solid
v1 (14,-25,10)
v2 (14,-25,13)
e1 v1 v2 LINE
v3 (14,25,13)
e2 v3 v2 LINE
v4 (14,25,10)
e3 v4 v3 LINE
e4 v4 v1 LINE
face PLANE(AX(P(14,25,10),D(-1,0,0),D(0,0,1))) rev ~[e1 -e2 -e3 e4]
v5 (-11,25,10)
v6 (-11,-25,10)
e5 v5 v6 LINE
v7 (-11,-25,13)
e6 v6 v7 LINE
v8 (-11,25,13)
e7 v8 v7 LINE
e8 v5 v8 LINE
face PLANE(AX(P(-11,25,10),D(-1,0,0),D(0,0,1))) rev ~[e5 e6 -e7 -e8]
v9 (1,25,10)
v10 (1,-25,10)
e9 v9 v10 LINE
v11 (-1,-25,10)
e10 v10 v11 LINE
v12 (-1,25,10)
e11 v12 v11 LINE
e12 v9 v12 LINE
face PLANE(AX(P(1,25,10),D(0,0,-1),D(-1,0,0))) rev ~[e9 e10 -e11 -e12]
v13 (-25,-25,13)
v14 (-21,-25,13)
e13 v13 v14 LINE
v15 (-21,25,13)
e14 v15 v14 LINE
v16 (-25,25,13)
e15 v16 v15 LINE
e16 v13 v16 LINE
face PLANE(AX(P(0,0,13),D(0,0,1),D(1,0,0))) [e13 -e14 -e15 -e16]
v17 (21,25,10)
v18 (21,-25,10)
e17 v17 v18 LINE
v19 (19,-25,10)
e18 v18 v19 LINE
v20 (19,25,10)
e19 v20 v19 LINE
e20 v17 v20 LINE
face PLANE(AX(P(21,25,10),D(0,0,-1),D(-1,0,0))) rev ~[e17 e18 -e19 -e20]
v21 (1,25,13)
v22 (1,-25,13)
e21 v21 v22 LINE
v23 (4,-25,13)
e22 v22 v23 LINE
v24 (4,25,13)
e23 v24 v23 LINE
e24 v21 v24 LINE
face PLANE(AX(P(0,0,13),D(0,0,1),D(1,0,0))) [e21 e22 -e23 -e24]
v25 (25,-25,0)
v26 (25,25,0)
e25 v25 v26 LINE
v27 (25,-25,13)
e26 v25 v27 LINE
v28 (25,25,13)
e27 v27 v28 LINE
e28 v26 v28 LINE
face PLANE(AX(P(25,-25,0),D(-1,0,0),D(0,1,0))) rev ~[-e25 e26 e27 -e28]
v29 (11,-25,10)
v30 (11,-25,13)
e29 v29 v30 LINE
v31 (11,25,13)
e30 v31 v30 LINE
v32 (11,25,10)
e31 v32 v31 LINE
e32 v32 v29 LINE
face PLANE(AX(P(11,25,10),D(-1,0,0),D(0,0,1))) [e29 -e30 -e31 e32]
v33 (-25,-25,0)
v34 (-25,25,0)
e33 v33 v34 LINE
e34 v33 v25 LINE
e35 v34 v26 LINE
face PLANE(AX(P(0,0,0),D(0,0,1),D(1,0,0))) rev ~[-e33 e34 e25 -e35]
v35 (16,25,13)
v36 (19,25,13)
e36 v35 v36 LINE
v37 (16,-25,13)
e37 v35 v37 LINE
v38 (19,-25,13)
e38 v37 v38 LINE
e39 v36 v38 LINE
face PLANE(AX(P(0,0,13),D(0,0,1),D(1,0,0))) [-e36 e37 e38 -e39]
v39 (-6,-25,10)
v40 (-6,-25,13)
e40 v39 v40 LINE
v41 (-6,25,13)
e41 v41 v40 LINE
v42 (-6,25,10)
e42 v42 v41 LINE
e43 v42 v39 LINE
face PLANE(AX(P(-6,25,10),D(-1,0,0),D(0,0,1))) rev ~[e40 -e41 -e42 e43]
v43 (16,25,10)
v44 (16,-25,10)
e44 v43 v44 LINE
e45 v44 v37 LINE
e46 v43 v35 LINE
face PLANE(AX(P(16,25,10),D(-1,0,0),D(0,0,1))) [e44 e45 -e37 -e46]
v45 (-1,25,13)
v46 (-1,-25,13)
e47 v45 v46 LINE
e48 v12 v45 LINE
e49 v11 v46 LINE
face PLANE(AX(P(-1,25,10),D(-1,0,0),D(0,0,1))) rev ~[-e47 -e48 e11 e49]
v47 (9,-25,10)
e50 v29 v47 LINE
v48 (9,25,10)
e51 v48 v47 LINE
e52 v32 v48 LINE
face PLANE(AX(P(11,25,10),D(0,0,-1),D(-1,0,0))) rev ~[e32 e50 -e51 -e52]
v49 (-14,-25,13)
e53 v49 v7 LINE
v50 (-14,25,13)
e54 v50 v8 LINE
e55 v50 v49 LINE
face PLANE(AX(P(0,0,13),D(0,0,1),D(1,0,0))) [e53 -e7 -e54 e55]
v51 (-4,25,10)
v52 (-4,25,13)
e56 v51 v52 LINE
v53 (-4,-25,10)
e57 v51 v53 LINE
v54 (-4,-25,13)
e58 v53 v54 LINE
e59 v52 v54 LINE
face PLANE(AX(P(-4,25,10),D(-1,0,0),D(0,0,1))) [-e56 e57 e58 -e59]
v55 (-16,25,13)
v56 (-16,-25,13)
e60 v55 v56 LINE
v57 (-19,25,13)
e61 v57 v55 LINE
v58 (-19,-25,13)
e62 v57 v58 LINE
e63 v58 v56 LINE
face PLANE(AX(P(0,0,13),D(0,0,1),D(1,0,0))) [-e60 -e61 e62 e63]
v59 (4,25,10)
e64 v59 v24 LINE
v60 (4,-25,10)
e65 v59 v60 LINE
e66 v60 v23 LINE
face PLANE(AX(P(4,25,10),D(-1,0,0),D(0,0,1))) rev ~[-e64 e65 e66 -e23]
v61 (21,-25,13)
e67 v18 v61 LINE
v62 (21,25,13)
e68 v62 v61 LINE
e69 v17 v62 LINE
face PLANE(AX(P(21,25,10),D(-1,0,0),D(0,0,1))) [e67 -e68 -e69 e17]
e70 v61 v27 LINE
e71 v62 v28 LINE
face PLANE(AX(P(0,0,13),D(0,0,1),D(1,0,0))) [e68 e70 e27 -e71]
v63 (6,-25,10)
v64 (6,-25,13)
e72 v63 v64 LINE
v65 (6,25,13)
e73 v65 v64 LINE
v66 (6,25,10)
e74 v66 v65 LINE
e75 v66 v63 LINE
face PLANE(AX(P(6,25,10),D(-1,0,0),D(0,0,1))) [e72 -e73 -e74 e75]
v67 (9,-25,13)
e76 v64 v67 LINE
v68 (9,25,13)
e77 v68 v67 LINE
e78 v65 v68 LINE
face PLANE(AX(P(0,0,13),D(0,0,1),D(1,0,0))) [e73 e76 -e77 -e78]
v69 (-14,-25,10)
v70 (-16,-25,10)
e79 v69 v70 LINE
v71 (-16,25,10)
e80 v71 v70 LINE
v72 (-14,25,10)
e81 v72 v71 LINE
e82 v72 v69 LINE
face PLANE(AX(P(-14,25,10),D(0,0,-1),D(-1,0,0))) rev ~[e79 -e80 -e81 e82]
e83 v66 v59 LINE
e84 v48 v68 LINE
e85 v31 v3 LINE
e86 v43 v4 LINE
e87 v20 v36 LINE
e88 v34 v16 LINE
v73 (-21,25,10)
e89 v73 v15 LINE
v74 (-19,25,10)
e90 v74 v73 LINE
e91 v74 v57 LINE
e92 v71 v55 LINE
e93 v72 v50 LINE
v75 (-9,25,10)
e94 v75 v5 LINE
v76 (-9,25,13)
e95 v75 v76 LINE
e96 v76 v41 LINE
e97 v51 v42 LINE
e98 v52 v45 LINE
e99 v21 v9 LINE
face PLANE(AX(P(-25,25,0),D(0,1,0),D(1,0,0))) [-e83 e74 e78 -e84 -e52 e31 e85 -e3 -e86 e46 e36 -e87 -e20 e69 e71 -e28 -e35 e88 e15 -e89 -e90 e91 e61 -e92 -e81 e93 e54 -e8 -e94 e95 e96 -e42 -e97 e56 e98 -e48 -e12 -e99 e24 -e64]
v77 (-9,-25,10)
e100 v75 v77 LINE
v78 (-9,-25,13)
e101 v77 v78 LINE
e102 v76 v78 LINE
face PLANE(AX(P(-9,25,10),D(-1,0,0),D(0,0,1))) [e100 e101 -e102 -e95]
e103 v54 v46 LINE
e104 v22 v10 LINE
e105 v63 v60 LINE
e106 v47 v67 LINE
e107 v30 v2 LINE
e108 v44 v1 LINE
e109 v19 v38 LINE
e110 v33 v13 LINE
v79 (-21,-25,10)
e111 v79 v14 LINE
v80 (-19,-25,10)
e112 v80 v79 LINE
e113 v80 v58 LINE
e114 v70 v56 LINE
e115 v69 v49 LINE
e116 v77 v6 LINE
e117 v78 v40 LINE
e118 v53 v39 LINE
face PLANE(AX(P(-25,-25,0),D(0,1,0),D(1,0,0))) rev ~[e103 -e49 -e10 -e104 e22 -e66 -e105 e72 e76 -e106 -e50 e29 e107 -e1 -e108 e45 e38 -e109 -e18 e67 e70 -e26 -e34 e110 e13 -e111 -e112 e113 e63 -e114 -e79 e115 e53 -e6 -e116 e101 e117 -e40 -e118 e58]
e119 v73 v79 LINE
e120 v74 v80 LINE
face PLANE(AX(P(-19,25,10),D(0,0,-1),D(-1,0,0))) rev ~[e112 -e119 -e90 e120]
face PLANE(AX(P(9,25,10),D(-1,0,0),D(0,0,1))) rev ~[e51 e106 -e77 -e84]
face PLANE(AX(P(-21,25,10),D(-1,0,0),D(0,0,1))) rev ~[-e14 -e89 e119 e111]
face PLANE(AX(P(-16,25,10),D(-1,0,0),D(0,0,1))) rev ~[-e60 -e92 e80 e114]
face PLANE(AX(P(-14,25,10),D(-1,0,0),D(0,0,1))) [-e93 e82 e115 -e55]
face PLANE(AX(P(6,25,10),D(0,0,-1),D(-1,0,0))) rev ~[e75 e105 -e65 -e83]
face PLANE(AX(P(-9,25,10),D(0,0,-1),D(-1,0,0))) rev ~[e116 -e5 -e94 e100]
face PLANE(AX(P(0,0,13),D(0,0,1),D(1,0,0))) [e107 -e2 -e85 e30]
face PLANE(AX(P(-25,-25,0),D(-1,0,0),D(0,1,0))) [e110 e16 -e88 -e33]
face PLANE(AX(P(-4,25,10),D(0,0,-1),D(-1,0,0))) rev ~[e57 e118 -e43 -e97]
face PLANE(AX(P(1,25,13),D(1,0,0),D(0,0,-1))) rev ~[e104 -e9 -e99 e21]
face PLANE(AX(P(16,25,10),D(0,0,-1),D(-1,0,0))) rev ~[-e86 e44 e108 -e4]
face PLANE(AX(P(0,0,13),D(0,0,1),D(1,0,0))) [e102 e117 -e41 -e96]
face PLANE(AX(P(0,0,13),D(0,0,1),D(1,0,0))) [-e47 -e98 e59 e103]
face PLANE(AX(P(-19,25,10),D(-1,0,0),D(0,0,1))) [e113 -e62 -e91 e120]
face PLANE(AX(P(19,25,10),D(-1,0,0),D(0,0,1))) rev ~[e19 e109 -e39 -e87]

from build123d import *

# Parameters (mm, degrees)
F0_W     = 50
F0_H     = 50
F1_DEPTH = 13
F2_W     = 2
F2_H     = 3
F3_DEPTH = 50.001


with BuildPart() as f1:
    # F0 (on Top) → F1 (new body)
    with BuildSketch(Plane.XY):
        Rectangle(F0_W, F0_H)
    extrude(amount=F1_DEPTH)

    # F2 (on face) → F3 (cut, through all)
    with BuildSketch(Plane(origin=(0, 25, 0), x_dir=(-1, 0, 0), z_dir=(0, 1, 0))):
        with Locations((-20, 11.5)):
            Rectangle(F2_W, F2_H)
        with Locations((-15, 11.5)):
            Rectangle(F2_W, F2_H)
        with Locations((-10, 11.5)):
            Rectangle(F2_W, F2_H)
        with Locations((-5, 11.5)):
            Rectangle(F2_W, F2_H)
        Polygon((1, 13), (-1, 13), (-1, 10), (0, 10), (1, 10), align=None)
        with Locations((5, 11.5)):
            Rectangle(F2_W, F2_H)
        with Locations((10, 11.5)):
            Rectangle(F2_W, F2_H)
        with Locations((15, 11.5)):
            Rectangle(F2_W, F2_H)
        with Locations((20, 11.5)):
            Rectangle(F2_W, F2_H)
    extrude(amount=-F3_DEPTH, mode=Mode.SUBTRACT)


solid = f1.part
